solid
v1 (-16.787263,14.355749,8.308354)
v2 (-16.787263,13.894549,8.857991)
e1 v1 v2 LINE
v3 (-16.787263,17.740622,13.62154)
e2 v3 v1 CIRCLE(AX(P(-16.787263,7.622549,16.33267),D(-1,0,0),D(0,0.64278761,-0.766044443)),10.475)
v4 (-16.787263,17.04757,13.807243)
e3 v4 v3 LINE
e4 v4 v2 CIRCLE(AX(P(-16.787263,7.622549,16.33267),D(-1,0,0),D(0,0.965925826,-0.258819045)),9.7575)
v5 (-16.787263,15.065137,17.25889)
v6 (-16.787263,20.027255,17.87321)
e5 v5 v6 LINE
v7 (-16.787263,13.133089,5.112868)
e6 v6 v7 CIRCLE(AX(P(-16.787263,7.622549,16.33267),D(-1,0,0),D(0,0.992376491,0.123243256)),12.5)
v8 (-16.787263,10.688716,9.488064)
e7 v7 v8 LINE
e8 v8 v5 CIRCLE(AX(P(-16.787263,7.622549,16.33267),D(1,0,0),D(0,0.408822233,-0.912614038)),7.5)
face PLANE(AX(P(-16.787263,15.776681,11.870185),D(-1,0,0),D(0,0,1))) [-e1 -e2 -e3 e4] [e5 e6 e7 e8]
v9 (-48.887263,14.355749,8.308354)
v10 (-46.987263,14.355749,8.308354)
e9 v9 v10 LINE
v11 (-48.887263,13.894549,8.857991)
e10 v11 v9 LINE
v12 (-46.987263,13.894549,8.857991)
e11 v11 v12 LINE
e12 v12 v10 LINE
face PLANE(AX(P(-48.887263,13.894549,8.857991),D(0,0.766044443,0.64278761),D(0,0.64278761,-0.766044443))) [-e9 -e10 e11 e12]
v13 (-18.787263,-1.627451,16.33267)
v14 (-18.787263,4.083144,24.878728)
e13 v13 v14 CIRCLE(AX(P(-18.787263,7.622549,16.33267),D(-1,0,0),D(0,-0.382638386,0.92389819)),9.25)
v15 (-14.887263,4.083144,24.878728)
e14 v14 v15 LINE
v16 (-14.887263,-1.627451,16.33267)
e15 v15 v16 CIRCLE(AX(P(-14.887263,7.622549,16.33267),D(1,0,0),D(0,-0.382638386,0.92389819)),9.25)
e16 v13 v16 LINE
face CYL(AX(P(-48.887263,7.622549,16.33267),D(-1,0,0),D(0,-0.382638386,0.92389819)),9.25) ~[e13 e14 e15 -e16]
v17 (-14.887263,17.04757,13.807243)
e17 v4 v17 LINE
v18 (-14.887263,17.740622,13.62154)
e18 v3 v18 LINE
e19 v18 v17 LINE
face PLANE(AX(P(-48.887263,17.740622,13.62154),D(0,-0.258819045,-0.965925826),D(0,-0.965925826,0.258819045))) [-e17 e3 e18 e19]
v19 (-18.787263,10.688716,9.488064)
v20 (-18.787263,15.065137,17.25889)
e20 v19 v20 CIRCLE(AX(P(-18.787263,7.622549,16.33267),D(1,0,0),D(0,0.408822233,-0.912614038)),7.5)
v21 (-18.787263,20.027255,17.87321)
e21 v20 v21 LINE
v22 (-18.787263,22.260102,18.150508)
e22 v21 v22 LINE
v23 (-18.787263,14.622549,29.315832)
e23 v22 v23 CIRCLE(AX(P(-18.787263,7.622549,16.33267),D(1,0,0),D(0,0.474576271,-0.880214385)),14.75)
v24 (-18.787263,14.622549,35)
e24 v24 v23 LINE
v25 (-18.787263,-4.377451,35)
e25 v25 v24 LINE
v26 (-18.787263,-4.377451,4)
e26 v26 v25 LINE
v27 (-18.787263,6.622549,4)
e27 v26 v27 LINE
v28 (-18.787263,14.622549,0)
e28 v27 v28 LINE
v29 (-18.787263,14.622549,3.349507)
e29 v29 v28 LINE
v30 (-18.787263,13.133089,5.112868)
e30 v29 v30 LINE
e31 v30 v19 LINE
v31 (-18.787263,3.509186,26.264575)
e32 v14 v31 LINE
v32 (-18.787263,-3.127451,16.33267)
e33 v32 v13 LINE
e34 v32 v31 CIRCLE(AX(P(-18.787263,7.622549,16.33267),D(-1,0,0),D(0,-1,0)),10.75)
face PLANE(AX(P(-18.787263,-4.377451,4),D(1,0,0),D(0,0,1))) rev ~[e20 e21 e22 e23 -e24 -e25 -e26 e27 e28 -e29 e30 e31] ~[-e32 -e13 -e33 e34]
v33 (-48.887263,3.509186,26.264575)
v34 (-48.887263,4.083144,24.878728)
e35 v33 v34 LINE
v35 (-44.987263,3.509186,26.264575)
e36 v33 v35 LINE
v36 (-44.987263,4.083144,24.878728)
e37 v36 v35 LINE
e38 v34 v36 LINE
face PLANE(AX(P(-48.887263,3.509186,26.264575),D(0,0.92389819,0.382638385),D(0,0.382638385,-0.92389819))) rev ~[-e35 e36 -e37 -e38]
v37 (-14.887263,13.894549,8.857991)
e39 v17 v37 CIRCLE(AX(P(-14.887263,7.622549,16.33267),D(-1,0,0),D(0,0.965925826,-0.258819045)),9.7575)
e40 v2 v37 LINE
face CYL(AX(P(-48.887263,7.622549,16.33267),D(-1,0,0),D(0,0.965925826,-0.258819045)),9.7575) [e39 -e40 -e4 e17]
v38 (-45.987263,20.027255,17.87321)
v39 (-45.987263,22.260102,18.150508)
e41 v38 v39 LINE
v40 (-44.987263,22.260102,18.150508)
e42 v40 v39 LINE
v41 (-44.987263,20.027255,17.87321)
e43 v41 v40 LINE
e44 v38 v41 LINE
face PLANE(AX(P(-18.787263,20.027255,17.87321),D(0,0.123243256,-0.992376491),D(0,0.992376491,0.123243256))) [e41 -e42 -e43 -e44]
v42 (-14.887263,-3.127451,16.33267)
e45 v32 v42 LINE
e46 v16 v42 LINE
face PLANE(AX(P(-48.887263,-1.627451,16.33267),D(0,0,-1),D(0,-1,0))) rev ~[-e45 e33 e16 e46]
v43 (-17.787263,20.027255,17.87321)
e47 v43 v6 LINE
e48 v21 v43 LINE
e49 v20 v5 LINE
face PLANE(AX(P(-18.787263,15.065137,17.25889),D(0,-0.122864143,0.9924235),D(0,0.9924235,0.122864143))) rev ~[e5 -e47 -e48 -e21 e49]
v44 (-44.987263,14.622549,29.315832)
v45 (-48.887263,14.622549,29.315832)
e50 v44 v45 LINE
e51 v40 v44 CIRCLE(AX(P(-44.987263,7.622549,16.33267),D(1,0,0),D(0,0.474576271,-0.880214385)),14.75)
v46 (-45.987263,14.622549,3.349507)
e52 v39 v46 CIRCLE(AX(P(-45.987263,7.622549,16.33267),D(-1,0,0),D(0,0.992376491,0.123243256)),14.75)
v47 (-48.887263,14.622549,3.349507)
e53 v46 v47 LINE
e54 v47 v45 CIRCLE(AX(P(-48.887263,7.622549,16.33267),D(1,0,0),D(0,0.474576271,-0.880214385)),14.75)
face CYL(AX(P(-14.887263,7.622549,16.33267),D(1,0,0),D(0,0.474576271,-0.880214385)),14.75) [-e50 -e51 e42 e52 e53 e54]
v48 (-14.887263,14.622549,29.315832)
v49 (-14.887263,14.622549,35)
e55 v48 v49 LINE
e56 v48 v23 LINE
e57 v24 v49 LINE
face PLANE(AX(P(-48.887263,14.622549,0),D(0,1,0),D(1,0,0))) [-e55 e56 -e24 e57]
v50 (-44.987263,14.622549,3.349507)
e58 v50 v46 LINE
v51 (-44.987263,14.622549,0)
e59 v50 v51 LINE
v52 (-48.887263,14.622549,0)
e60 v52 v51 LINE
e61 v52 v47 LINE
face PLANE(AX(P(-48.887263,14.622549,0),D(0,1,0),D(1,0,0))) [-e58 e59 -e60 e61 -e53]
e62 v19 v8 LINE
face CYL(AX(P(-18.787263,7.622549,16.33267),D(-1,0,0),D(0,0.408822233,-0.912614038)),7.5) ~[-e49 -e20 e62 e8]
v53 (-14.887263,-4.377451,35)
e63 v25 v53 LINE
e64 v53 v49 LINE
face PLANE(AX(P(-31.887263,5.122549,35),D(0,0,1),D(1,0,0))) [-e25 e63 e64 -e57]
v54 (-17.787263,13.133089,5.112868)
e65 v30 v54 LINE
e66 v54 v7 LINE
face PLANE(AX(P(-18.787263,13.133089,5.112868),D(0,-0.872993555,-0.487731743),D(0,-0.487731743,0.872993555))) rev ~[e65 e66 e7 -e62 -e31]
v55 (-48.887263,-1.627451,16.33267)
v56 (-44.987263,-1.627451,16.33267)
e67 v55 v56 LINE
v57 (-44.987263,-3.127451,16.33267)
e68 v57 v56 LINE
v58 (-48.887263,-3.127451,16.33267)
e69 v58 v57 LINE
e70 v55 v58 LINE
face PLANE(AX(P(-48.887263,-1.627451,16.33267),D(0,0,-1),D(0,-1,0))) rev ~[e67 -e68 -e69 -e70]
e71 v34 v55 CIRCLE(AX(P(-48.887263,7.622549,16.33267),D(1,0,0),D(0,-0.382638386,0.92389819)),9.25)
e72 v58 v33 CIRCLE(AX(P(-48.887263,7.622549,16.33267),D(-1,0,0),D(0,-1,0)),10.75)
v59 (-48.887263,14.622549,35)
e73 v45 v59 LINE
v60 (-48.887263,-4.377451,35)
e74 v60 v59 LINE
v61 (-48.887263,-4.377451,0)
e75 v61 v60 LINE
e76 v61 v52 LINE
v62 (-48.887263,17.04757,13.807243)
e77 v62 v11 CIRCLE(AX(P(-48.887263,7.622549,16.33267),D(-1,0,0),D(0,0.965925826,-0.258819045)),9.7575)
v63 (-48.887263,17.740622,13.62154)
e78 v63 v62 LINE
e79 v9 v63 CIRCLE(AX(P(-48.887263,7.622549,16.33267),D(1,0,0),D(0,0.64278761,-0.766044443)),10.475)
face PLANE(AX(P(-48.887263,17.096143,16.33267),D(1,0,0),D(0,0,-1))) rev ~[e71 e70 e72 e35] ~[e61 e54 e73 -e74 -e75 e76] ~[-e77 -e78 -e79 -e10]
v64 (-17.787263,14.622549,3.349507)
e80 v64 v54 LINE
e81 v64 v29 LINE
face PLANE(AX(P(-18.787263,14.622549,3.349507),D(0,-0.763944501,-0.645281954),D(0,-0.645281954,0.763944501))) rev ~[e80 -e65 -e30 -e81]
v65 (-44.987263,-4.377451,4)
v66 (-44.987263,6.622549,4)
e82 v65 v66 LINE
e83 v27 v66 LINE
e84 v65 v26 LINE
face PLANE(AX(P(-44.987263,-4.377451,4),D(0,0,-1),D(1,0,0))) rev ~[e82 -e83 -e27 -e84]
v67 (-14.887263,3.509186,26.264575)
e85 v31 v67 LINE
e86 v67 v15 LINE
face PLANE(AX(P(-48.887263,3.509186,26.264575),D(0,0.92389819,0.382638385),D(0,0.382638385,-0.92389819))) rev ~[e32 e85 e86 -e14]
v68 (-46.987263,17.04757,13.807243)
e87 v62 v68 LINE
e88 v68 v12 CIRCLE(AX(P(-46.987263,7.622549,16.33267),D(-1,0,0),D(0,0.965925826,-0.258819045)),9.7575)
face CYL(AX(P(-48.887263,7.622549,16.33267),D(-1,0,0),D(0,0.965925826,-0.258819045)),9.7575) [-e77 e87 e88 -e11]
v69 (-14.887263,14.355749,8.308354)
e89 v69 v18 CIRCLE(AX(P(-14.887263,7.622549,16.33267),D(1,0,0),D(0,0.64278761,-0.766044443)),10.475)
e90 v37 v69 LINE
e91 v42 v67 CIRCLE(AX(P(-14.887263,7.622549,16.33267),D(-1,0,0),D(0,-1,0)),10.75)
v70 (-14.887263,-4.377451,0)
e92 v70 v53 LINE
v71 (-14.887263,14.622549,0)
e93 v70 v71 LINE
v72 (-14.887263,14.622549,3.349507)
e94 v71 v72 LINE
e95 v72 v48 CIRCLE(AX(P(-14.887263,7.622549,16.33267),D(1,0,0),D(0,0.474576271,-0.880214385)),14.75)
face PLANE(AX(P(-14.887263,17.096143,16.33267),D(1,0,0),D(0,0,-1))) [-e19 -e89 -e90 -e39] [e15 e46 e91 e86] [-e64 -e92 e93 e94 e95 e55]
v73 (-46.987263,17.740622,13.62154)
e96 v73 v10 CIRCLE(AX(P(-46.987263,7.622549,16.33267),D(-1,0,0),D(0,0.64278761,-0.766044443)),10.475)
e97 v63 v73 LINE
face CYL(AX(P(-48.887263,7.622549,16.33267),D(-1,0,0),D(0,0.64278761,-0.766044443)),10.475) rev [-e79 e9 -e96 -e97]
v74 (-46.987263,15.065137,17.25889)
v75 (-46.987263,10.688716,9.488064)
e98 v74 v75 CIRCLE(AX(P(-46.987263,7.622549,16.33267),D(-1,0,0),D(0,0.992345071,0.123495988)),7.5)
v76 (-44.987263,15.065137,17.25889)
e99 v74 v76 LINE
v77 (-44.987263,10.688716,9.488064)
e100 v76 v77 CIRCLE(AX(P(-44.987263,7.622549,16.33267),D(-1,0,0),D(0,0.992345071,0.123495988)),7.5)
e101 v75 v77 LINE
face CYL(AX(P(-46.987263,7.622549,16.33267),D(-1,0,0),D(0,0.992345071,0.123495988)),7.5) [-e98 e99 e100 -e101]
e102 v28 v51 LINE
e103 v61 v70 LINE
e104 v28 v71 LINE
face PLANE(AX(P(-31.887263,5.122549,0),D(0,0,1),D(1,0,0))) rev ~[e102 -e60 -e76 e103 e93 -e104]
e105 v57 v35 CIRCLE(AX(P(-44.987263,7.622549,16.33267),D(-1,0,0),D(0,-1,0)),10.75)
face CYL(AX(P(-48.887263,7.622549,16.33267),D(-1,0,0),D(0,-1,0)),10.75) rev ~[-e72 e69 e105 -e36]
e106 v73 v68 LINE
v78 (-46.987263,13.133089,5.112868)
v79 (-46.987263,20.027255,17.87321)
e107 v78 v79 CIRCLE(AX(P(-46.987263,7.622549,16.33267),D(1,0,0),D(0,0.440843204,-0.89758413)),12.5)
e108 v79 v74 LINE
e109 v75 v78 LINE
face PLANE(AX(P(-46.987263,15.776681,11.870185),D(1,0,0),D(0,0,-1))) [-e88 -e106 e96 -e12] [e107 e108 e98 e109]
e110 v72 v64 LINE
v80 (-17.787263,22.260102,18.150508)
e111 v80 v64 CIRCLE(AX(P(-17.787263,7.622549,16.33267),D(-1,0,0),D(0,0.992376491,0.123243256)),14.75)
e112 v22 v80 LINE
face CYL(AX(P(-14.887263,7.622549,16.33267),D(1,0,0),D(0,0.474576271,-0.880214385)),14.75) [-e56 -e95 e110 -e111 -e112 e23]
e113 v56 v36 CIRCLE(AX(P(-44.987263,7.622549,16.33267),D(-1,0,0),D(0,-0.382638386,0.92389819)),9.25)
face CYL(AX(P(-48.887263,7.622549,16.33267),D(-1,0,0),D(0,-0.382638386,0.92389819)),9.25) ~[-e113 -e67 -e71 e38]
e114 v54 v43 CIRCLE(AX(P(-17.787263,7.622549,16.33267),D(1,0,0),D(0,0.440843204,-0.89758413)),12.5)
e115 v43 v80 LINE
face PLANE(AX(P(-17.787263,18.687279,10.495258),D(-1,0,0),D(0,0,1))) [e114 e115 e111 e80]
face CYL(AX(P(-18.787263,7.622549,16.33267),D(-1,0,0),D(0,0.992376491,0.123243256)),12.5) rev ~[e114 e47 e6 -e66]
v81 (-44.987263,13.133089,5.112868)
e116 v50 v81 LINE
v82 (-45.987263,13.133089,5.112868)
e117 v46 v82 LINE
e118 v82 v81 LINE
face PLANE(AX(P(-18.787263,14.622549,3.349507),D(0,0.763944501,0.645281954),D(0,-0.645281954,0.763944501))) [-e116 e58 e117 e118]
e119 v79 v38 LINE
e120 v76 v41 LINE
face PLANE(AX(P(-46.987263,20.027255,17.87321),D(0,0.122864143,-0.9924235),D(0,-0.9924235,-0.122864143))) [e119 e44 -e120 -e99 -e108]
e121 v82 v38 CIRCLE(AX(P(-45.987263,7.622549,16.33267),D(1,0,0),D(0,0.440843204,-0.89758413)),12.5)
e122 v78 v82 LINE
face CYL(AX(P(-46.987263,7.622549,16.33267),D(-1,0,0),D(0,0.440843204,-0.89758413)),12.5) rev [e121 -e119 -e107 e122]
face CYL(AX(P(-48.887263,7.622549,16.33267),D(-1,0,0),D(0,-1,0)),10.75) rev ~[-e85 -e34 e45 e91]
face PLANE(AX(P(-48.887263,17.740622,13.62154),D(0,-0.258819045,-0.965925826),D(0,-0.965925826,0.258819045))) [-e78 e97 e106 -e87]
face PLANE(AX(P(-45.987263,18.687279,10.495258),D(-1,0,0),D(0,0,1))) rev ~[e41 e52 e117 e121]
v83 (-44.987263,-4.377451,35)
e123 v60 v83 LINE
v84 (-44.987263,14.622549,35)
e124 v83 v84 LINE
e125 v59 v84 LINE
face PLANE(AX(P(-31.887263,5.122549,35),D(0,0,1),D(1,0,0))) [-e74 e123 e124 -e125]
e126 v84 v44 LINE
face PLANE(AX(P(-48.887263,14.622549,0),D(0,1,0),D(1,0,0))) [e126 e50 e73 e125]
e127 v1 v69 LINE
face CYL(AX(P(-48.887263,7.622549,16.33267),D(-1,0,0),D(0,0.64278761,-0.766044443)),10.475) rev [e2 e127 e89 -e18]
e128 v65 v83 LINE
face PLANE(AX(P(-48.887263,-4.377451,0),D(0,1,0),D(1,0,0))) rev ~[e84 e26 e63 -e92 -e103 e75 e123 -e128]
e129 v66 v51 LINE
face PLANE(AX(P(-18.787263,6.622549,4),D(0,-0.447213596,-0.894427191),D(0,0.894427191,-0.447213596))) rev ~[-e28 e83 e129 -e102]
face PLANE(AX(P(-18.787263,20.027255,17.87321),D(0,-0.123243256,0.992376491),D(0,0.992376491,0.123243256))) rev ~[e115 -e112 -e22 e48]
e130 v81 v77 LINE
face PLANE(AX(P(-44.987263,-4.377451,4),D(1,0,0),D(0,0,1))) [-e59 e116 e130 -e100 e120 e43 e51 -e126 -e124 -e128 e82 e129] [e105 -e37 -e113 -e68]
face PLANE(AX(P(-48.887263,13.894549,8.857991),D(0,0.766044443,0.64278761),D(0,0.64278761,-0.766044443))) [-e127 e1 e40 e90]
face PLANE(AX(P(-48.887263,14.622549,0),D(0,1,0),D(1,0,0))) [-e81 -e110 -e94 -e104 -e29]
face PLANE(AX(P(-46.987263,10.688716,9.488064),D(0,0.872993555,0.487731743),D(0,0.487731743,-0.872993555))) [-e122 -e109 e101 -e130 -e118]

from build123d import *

# Parameters (mm, degrees)
CROQUIS1_W              = 34
CROQUIS1_H              = 19
SALIENTE_EXTRUIR1_DEPTH = 35
CROQUIS2_W              = 26.2
CROQUIS2_H              = 31
CORTAR_EXTRUIR1_DEPTH   = 25
CORTAR_EXTRUIR3_DEPTH   = 26.2
SALIENTE_EXTRUIR2_DEPTH = 34
CROQUIS10_W             = 26.2
CROQUIS10_H             = 25.966324345
CORTAR_EXTRUIR4_DEPTH   = 10
CORTAR_EXTRUIR5_START   = -34
CORTAR_EXTRUIR5_DEPTH   = 34
CORTAR_EXTRUIR6_DEPTH   = 2
CORTAR_EXTRUIR7_START   = 28.2
CORTAR_EXTRUIR7_DEPTH   = 28.2
CORTAR_EXTRUIR8_DEPTH   = 1
CORTAR_EXTRUIR9_DEPTH   = 27.2


with BuildPart() as part:
    # Croquis1 → Saliente-Extruir1 (new body)
    with BuildSketch(Plane.XY):
        with Locations((-31.887263086, 5.12254902)):
            Rectangle(CROQUIS1_W, CROQUIS1_H)
    extrude(amount=SALIENTE_EXTRUIR1_DEPTH)

    # Croquis2 → Cortar-Extruir1 (cut)
    with BuildSketch(Plane.XZ.offset(4.37745098)):
        with Locations((-31.887263086, 19.5)):
            Rectangle(CROQUIS2_W, CROQUIS2_H)
    extrude(amount=-CORTAR_EXTRUIR1_DEPTH, mode=Mode.SUBTRACT)

    # Croquis4 → Cortar-Extruir3 (cut)
    with BuildSketch(Plane.ZY.offset(18.787263086)):
        Polygon((4, 14.62254902), (4, 6.62254902), (0, 14.62254902), align=None)
    extrude(amount=CORTAR_EXTRUIR3_DEPTH, mode=Mode.SUBTRACT)

    # Croquis9 → Saliente-Extruir2 (add)
    with BuildSketch(Plane(origin=(-14.887263086, 0, 0), x_dir=(0, 0, -1), z_dir=(1, 0, 0))):
        with BuildLine():
            Line((-29.315831827, 14.62254902), (-3.349507482, 14.62254902))
            ThreePointArc((-3.349507482, 14.62254902), (-16.332669655, 22.37254902), (-29.315831827, 14.62254902))
        make_face()
    extrude(amount=-SALIENTE_EXTRUIR2_DEPTH)

    # Croquis10 → Cortar-Extruir4 (cut)
    with BuildSketch(Plane.XZ.offset(-14.62254902)):
        with Locations((-31.887263086, 16.332669655)):
            Rectangle(CROQUIS10_W, CROQUIS10_H)
    extrude(amount=-CORTAR_EXTRUIR4_DEPTH, mode=Mode.SUBTRACT)

    # Croquis11 → Cortar-Extruir5 (cut)
    with BuildSketch(Plane(origin=(-14.887263086, 0, 0), x_dir=(0, 0, -1), z_dir=(1, 0, 0)).offset(CORTAR_EXTRUIR5_START)):
        with BuildLine():
            Line((-26.264575199, 3.509186373), (-24.878727914, 4.083143951))
            ThreePointArc((-24.878727914, 4.083143951), (-21.471881808, -0.068419609), (-16.332669655, -1.62745098))
            Line((-16.332669655, -1.62745098), (-16.332669655, -3.12745098))
            ThreePointArc((-16.332669655, -3.12745098), (-22.305267563, -1.31560371), (-26.264575199, 3.509186373))
        make_face()
        with BuildLine():
            Line((-13.621540157, 17.74062205), (-13.807242822, 17.04757027))
            ThreePointArc((-13.807242822, 17.04757027), (-11.089968726, 15.851941052), (-8.857991001, 13.894549121))
            Line((-8.857991001, 13.894549121), (-8.308354113, 14.355749231))
            ThreePointArc((-8.308354113, 14.355749231), (-10.704456257, 16.457074414), (-13.621540157, 17.74062205))
        make_face()
    extrude(amount=CORTAR_EXTRUIR5_DEPTH, mode=Mode.SUBTRACT)

    # Croquis12 → Cortar-Extruir6 (cut)
    with BuildSketch(Plane.ZY.offset(18.787263086)):
        with BuildLine():
            Line((17.258889566, 15.065137056), (17.873210354, 20.027255157))
            ThreePointArc((17.873210354, 20.027255157), (10.39091869, 18.620075808), (5.112868034, 13.133089064))
            Line((5.112868034, 13.133089064), (9.488064371, 10.688715764))
            ThreePointArc((9.488064371, 10.688715764), (12.652304566, 14.157448622), (17.258889566, 15.065137056))
        make_face()
    extrude(amount=-CORTAR_EXTRUIR6_DEPTH, mode=Mode.SUBTRACT)

    # Croquis14 → Cortar-Extruir7 (cut)
    with BuildSketch(Plane.ZY.offset(18.787263086).offset(CORTAR_EXTRUIR7_START)):
        with BuildLine():
            Line((17.873210354, 20.027255157), (17.258889566, 15.065137056))
            ThreePointArc((17.258889566, 15.065137056), (12.652304566, 14.157448622), (9.488064371, 10.688715764))
            Line((9.488064371, 10.688715764), (5.112868034, 13.133089064))
            ThreePointArc((5.112868034, 13.133089064), (10.39091869, 18.620075808), (17.873210354, 20.027255157))
        make_face()
    extrude(amount=-CORTAR_EXTRUIR7_DEPTH, mode=Mode.SUBTRACT)

    # Croquis15 → Cortar-Extruir8 (cut)
    with BuildSketch(Plane.ZY.offset(18.787263086)):
        with BuildLine():
            Line((17.873210354, 20.027255157), (18.15050768, 22.260102262))
            ThreePointArc((18.15050768, 22.260102262), (9.568856329, 20.730307382), (3.349507482, 14.62254902))
            Line((3.349507482, 14.62254902), (5.112868034, 13.133089064))
            ThreePointArc((5.112868034, 13.133089064), (10.39091869, 18.620075808), (17.873210354, 20.027255157))
        make_face()
    extrude(amount=-CORTAR_EXTRUIR8_DEPTH, mode=Mode.SUBTRACT)

    # Croquis15<2> → Cortar-Extruir9 (cut)
    with BuildSketch(Plane.ZY.offset(18.787263086)):
        with BuildLine():
            Line((17.873210354, 20.027255157), (18.15050768, 22.260102262))
            ThreePointArc((18.15050768, 22.260102262), (9.568856329, 20.730307382), (3.349507482, 14.62254902))
            Line((3.349507482, 14.62254902), (5.112868034, 13.133089064))
            ThreePointArc((5.112868034, 13.133089064), (10.39091869, 18.620075808), (17.873210354, 20.027255157))
        make_face()
    extrude(amount=CORTAR_EXTRUIR9_DEPTH, mode=Mode.SUBTRACT)


solid = part.part
